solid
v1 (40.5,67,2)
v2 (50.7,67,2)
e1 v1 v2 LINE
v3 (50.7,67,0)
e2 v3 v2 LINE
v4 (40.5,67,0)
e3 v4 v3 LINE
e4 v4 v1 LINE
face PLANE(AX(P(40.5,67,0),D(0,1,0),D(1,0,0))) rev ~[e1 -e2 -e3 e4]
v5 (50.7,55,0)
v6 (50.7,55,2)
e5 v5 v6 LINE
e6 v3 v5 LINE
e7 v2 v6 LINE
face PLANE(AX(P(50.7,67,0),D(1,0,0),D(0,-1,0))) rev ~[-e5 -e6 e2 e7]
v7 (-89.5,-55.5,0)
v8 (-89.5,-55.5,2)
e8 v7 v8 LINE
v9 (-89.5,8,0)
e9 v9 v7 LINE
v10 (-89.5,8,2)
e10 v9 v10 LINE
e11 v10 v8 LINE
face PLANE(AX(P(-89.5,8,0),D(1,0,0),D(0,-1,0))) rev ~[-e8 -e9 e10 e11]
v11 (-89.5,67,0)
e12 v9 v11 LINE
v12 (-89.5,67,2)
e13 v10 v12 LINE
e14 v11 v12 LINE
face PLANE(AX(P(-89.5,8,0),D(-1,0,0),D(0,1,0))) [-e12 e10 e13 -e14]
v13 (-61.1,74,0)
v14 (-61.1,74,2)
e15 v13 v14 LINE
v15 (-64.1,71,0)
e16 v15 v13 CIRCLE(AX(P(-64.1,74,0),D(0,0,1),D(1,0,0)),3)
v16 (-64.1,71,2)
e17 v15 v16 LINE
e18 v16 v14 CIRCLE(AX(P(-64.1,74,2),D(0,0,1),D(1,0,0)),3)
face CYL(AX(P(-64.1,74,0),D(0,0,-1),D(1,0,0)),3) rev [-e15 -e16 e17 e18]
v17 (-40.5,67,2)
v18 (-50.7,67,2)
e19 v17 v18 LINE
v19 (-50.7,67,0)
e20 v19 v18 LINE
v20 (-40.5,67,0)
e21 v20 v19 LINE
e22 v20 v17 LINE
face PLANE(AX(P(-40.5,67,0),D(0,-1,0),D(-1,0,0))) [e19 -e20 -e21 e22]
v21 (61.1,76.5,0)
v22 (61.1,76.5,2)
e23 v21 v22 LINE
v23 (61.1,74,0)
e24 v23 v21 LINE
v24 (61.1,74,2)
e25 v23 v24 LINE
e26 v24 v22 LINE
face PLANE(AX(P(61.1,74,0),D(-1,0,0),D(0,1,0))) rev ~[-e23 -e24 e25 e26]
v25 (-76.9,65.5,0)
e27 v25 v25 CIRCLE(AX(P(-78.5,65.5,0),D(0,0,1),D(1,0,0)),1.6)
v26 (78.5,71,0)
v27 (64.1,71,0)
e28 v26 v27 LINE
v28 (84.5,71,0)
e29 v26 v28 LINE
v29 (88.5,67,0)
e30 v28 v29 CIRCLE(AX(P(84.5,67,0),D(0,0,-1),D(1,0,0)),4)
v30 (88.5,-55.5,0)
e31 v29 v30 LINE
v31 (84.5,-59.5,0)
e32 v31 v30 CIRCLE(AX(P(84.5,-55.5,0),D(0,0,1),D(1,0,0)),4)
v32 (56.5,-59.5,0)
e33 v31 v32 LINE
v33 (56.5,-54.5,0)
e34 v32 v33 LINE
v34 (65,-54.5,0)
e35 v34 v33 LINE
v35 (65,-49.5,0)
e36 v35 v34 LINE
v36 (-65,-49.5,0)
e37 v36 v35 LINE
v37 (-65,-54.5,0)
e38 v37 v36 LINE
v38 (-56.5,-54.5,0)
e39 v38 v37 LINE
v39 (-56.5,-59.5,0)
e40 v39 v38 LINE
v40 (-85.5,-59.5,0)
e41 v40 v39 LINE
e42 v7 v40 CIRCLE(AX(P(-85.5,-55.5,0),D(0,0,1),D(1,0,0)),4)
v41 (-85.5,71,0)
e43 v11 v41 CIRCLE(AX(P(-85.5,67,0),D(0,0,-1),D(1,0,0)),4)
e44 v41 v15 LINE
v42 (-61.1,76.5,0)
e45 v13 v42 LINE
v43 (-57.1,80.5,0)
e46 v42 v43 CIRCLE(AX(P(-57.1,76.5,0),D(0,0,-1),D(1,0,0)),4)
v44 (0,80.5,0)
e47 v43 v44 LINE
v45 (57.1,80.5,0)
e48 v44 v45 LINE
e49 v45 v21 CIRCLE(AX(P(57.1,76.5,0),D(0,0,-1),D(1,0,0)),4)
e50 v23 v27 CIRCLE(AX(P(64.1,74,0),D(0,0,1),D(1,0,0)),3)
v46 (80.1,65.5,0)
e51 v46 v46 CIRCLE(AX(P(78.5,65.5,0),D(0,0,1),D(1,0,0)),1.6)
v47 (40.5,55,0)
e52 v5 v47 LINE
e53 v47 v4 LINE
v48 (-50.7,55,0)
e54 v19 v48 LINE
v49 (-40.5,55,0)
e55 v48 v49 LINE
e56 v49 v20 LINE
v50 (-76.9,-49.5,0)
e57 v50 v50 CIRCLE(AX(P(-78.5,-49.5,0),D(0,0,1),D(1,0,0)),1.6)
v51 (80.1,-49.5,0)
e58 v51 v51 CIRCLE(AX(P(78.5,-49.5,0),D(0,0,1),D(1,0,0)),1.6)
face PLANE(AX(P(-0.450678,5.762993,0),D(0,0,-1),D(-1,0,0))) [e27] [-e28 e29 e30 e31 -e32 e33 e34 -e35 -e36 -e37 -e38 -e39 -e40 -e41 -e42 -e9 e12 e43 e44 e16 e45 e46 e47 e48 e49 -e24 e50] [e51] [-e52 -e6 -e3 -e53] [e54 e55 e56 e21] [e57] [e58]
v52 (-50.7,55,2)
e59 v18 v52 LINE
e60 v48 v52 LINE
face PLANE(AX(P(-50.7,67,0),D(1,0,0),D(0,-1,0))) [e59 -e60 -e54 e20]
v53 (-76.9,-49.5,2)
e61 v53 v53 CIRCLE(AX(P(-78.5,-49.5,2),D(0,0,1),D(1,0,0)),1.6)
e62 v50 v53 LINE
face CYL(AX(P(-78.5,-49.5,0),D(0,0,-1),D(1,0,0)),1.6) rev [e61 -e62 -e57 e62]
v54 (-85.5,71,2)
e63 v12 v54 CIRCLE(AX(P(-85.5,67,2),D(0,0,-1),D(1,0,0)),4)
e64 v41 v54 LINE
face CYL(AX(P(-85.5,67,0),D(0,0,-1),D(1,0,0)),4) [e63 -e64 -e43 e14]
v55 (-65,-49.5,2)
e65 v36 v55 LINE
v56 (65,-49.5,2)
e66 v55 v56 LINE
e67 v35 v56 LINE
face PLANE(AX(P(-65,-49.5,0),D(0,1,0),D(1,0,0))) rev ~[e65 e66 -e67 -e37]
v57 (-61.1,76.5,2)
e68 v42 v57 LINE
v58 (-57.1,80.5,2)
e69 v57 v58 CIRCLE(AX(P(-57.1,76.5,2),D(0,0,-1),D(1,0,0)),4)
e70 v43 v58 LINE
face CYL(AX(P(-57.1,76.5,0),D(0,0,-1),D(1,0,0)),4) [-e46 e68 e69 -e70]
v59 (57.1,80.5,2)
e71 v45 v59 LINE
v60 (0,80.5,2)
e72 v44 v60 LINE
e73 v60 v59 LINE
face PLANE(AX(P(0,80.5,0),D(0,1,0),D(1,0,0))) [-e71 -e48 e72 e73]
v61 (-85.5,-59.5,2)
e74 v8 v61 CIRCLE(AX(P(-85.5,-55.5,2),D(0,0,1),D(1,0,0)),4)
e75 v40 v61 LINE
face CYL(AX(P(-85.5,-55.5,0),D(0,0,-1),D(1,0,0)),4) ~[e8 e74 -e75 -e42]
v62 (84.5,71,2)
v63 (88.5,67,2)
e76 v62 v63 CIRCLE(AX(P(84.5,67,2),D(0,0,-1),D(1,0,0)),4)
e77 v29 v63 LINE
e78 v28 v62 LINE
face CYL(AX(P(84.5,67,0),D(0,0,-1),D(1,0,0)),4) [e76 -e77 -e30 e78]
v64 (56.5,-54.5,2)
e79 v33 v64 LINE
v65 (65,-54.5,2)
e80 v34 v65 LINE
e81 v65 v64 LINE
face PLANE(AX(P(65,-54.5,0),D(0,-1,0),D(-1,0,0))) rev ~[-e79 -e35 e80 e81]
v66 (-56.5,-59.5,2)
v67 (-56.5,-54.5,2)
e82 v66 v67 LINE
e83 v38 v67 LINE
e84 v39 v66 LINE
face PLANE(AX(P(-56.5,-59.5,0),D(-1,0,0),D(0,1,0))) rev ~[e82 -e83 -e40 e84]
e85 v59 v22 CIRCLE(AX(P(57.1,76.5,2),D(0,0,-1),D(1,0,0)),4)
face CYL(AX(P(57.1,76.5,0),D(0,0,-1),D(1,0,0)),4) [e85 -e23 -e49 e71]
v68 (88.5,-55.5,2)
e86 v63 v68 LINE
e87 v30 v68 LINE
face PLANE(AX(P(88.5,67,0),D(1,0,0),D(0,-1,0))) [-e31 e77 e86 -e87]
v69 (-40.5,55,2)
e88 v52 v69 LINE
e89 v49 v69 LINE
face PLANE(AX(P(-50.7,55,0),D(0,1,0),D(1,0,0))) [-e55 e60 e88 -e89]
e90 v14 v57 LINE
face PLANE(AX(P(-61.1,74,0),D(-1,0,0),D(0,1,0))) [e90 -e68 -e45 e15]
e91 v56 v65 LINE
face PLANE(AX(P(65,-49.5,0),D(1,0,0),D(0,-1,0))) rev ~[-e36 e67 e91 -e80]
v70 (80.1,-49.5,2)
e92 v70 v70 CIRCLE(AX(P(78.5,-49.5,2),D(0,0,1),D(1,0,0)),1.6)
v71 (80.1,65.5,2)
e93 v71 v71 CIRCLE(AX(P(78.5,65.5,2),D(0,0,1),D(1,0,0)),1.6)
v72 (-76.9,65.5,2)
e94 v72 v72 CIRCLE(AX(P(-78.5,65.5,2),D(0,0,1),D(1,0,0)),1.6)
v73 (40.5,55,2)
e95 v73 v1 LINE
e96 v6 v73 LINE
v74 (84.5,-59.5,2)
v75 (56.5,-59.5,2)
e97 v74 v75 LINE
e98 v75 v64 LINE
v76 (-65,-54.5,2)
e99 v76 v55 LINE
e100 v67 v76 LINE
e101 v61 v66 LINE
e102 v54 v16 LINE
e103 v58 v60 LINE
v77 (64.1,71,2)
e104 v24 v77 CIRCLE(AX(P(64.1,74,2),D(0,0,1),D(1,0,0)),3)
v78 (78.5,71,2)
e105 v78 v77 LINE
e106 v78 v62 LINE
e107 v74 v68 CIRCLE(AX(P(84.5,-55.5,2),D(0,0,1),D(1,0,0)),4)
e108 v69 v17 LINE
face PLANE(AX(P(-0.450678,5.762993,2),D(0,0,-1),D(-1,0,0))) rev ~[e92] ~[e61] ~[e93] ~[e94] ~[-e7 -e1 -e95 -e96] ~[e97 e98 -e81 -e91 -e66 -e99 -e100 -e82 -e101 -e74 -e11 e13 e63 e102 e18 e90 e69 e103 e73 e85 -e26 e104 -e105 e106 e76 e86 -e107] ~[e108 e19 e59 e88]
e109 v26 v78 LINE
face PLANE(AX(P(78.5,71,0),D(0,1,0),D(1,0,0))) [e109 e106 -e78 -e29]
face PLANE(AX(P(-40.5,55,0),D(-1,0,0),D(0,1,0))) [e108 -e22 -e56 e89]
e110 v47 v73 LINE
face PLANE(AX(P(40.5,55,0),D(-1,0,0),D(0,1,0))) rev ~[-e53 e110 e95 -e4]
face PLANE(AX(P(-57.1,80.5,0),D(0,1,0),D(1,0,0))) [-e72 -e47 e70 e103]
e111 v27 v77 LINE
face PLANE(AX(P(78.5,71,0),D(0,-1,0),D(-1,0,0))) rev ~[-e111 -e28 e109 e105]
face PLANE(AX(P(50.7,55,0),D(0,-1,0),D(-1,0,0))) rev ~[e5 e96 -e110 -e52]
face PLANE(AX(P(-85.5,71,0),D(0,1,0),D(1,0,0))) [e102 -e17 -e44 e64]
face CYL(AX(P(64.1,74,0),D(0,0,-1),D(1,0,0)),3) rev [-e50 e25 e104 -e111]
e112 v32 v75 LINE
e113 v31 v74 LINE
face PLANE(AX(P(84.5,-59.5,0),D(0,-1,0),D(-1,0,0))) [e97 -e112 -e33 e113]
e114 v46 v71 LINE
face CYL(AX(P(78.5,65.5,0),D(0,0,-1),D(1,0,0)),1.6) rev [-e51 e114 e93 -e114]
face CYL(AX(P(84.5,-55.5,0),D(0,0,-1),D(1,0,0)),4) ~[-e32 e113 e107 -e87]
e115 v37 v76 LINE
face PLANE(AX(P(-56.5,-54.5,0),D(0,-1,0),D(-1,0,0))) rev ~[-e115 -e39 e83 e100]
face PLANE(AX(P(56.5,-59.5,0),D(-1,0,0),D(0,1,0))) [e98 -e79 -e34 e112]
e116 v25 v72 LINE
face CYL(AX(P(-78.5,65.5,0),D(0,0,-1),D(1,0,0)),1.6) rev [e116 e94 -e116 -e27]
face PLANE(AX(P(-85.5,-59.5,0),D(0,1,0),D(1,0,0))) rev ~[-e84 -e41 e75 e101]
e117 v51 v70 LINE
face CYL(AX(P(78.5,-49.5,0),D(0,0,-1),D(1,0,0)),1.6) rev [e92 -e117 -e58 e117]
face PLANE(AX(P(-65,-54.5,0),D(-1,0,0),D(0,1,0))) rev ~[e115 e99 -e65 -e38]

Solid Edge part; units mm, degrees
sketch "Sketch1" plane through (0, 0, 0) normal (0, 0, 1) x (1, 0, 0)
  arc A0 (-64.1, 71) -> (-61.1, 74) centre (-64.1, 74) ccw
  line L0 (-61.1, 74) -> (-61.1, 76.5)
  arc A1 (-61.1, 76.5) -> (-57.1, 80.5) centre (-57.1, 76.5) cw
  line L1 (-57.1, 80.5) -> (0, 80.5)
  line L2 (0, 80.5) -> (57.1, 80.5)
  arc A2 (57.1, 80.5) -> (61.1, 76.5) centre (57.1, 76.5) cw
  line L3 (61.1, 74) -> (61.1, 76.5)
  arc A3 (61.1, 74) -> (64.1, 71) centre (64.1, 74) ccw
  line L4 (78.5, 71) -> (64.1, 71)
  line L5 (78.5, 71) -> (84.5, 71)
  arc A4 (84.5, 71) -> (88.5, 67) centre (84.5, 67) cw
  line L6 (88.5, 67) -> (88.5, -55.5)
  arc A5 (84.5, -59.5) -> (88.5, -55.5) centre (84.5, -55.5) ccw
  line L7 (84.5, -59.5) -> (56.5, -59.5)
  line L8 (56.5, -59.5) -> (56.5, -54.5)
  line L9 (65, -54.5) -> (56.5, -54.5)
  line L10 (65, -49.5) -> (65, -54.5)
  line L11 (-65, -49.5) -> (65, -49.5)
  line L12 (-65, -54.5) -> (-65, -49.5)
  line L13 (-56.5, -54.5) -> (-65, -54.5)
  line L14 (-56.5, -59.5) -> (-56.5, -54.5)
  line L15 (-85.5, -59.5) -> (-56.5, -59.5)
  arc A6 (-89.5, -55.5) -> (-85.5, -59.5) centre (-85.5, -55.5) ccw
  line L16 (-89.5, 8) -> (-89.5, -55.5)
  line L17 (-89.5, 8) -> (-89.5, 67)
  arc A7 (-89.5, 67) -> (-85.5, 71) centre (-85.5, 67) cw
  line L18 (-85.5, 71) -> (-64.1, 71)
  circle A8 centre (78.5, -49.5) radius 1.6
  circle A9 centre (-78.5, -49.5) radius 1.6
  circle A10 centre (-78.5, 65.5) radius 1.6
  line L19 (-50.7, 55) -> (-40.5, 55)
  line L20 (-40.5, 55) -> (-40.5, 67)
  line L21 (-40.5, 67) -> (-50.7, 67)
  line L22 (-50.7, 67) -> (-50.7, 55)
  line L23 (50.7, 55) -> (40.5, 55)
  line L24 (40.5, 55) -> (40.5, 67)
  line L25 (40.5, 67) -> (50.7, 67)
  line L26 (50.7, 67) -> (50.7, 55)
  circle A11 centre (78.5, 65.5) radius 1.6
extrude "Protrusion1" add sketch "Sketch1" along normal blind 2
